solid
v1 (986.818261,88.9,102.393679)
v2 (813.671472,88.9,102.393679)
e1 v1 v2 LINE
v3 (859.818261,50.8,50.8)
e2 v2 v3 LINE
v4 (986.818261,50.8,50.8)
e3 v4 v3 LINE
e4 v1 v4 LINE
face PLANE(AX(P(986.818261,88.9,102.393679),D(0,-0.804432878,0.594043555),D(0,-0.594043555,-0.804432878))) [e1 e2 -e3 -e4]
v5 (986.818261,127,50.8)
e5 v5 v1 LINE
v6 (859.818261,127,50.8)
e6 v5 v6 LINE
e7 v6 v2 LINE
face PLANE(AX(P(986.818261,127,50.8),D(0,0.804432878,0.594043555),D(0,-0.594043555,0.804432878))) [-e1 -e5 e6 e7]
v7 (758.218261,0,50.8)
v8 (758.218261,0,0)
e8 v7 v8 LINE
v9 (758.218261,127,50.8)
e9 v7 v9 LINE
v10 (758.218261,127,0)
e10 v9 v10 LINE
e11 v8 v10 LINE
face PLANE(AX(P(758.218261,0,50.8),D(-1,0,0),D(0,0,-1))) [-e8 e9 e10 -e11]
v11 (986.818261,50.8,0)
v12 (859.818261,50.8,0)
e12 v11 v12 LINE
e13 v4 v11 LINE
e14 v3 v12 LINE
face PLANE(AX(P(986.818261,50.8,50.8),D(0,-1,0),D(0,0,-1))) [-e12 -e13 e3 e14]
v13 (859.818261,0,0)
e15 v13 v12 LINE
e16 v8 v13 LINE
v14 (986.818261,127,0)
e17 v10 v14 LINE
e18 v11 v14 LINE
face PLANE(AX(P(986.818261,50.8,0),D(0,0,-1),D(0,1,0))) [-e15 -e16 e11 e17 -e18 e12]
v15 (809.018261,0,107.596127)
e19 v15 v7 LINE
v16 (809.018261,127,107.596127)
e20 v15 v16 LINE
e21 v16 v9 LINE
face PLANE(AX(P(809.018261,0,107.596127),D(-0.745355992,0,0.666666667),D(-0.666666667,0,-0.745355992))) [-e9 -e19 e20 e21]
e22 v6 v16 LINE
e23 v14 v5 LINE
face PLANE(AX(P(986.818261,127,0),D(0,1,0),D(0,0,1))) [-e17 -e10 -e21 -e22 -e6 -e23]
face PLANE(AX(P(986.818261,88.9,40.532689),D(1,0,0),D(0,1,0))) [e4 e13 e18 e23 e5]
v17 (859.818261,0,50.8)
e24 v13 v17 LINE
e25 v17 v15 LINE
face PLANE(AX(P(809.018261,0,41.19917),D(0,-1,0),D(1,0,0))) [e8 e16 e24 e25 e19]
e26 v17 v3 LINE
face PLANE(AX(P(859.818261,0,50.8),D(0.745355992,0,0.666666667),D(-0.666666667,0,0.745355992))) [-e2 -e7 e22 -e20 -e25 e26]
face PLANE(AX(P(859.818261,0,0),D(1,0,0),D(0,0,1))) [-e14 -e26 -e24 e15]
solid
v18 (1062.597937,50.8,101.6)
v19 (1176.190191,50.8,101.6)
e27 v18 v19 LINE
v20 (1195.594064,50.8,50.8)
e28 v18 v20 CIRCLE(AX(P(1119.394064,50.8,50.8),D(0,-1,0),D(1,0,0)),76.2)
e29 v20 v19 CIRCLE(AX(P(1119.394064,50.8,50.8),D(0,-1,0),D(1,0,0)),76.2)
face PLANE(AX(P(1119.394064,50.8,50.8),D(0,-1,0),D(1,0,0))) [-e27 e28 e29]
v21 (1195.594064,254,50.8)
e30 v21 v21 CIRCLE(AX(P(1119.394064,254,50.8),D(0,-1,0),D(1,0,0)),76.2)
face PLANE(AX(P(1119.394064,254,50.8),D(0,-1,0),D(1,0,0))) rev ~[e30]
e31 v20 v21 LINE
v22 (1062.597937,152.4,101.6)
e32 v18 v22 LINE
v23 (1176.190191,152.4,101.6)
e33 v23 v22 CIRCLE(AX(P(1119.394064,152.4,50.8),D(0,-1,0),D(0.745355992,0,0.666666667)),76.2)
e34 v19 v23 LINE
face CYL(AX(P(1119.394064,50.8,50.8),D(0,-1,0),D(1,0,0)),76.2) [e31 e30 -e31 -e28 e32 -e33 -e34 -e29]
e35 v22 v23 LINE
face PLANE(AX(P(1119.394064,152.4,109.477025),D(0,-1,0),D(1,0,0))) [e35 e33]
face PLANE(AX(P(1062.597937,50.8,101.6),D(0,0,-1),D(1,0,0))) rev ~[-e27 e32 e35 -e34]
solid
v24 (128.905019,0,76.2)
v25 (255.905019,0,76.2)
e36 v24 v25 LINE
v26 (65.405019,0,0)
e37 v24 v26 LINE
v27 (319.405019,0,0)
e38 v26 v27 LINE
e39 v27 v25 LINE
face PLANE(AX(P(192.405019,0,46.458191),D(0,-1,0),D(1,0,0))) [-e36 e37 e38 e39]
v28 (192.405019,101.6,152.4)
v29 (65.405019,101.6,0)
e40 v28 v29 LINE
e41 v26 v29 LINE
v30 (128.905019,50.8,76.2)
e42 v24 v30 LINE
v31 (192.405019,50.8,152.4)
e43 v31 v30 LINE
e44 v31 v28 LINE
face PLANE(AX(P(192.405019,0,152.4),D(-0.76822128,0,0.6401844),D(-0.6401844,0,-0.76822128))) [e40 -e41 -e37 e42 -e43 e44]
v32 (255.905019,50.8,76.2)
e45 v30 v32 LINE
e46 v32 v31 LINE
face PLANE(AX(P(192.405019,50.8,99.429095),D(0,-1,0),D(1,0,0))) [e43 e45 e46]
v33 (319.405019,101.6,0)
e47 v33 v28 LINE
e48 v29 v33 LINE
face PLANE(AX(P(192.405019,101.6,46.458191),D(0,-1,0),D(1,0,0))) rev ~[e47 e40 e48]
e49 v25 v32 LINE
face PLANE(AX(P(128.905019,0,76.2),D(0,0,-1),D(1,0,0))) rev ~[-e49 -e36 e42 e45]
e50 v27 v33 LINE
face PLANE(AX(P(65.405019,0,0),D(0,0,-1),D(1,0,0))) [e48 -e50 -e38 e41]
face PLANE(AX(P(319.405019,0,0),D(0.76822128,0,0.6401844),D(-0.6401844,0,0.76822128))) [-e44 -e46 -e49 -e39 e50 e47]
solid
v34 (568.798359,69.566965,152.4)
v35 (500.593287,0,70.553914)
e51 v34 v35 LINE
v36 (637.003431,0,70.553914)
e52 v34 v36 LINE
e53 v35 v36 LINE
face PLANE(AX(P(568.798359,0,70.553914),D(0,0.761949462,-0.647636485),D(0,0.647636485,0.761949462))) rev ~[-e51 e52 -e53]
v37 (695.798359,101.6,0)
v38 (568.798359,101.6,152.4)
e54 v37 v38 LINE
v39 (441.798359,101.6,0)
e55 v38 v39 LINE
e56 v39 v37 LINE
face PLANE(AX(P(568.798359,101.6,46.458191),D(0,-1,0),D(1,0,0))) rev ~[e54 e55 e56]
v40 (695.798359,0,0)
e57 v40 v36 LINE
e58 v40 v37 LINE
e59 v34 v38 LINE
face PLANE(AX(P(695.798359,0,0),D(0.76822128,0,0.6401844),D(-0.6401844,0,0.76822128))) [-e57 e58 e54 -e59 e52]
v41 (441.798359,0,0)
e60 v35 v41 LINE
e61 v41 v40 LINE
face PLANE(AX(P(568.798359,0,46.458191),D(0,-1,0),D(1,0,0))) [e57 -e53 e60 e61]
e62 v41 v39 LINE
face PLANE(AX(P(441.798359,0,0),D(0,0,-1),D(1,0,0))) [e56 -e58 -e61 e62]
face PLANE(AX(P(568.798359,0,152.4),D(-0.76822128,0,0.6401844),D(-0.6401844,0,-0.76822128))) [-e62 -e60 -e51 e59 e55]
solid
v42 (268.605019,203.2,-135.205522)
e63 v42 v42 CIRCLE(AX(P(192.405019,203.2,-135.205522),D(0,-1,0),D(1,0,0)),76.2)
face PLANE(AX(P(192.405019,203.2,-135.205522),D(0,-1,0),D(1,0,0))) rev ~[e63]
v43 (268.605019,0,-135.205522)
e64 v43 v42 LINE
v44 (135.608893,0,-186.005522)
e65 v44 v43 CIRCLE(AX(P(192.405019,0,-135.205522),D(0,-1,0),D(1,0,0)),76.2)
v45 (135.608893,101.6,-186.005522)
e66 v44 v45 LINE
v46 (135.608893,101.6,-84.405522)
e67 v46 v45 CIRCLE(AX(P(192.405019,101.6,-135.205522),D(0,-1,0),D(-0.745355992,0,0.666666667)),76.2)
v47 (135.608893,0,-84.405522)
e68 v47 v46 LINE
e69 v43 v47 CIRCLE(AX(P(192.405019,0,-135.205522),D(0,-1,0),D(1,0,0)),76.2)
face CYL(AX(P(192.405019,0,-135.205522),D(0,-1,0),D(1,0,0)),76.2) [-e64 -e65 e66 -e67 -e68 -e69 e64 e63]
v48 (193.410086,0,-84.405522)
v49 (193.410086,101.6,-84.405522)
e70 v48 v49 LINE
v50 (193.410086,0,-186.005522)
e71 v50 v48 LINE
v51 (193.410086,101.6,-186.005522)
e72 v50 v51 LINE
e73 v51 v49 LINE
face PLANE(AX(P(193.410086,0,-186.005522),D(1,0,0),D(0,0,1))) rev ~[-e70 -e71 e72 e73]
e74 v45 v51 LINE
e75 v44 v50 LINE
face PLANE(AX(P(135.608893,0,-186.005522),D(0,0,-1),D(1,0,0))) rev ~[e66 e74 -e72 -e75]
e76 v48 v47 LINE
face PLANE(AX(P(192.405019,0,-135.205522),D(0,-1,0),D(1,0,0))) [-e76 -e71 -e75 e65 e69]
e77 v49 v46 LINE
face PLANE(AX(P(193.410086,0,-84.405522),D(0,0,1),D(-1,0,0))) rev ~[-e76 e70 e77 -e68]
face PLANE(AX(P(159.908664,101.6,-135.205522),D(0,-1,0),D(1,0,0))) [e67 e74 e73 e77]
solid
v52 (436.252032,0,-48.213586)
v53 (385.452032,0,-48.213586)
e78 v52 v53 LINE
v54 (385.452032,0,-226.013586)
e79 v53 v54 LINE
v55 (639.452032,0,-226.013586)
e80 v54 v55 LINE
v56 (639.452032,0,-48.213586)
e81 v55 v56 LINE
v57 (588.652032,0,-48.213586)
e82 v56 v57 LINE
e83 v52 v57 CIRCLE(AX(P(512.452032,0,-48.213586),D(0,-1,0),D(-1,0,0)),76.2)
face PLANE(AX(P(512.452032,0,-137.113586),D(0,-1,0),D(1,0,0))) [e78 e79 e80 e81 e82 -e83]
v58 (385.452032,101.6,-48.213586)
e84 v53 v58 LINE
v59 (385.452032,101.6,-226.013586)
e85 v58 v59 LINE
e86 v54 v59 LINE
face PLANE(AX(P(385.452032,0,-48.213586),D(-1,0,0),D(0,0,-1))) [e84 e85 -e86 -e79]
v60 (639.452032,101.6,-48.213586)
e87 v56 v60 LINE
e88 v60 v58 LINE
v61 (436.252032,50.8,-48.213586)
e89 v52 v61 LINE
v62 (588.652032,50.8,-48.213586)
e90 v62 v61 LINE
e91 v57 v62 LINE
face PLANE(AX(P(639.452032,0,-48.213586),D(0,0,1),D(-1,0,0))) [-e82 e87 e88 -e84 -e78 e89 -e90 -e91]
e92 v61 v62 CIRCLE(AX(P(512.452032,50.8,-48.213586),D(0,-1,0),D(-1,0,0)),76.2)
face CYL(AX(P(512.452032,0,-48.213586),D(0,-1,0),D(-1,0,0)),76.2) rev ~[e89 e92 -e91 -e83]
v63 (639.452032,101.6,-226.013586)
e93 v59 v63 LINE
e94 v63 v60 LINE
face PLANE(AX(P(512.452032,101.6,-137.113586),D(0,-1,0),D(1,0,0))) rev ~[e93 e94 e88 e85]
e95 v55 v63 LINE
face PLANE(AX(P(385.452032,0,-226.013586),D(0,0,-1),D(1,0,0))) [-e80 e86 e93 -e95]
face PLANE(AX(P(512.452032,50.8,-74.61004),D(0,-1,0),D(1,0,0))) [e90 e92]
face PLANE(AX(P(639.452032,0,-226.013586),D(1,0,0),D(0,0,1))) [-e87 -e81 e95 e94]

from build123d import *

# Parameters (mm, degrees)
F1_DEPTH      = 101.6
F3_DEPTH      = 50.8
F5_DEPTH      = 101.6
F9_DEPTH      = 139.7
F9_DEPTH_BACK = 181.864
F11_DEPTH     = 127
F14_DEPTH     = 175.26
F15_R         = 76.2
F16_DEPTH     = 203.2
F18_DEPTH     = 101.6
F19_R         = 76.2
F20_DEPTH     = 203.2
F22_DEPTH     = 101.6
F24_DEPTH     = 101.6
F26_DEPTH     = 50.8


with BuildPart() as f1:
    # F0 (on Front) → F1 (new body)
    with BuildSketch(Plane.XZ):
        Polygon((192.4050192833, 152.4), (65.4050192833, 0), (319.4050192833, 0), align=None)
    extrude(amount=-F1_DEPTH)

    # F2 (on face) → F3 (cut)
    with BuildSketch(Plane.XZ):
        Polygon((192.4050192833, 152.4), (128.9050192833, 76.2), (255.9050192833, 76.2), align=None)
    extrude(amount=-F3_DEPTH, mode=Mode.SUBTRACT)


with BuildPart() as f5:
    # F4 (on face) → F5 (new body)
    with BuildSketch(Plane.XZ):
        Polygon((568.7983591557, 152.4), (441.7983591557, 0), (695.7983591557, 0), align=None)
    extrude(amount=-F5_DEPTH)

    # F8 (on 3pt) → F9 (cut, two sides)
    with BuildSketch(Plane.YZ.offset(568.7983591557)) as f9_sk:
        Polygon((0, 152.4), (0, 70.5539137125), (69.5669651031, 152.4), align=None)
    extrude(amount=-F9_DEPTH, mode=Mode.SUBTRACT)
    extrude(f9_sk.sketch, amount=F9_DEPTH_BACK, mode=Mode.SUBTRACT)


with BuildPart() as f11:
    # F10 (on face) → F11 (new body)
    with BuildSketch(Plane.XZ):
        Polygon((758.2182611698, 50.8), (758.2182611698, 0), (859.8182611698, 0), (859.8182611698, 50.8), (814.381359867, 101.6), (809.0182611698, 107.5961266285), align=None)
    extrude(amount=-F11_DEPTH)

    # F13 (on offset) → F14 (join)
    with BuildSketch(Plane.YZ.offset(986.8182611698)):
        Polygon((50.8, 50.8), (50.8, 0), (127, 0), (127, 50.8), (88.9, 102.3936793208), align=None)
    extrude(amount=-F14_DEPTH)


with BuildPart() as f16:
    # F15 (on face) → F16 (new body)
    with BuildSketch(Plane.XZ.offset(-50.8)):
        with Locations((1119.3940639496, 50.8)):
            Circle(F15_R)
    extrude(amount=-F16_DEPTH)

    # F17 (on face) → F18 (cut)
    with BuildSketch(Plane.XZ.offset(-50.8)):
        with BuildLine():
            ThreePointArc((1176.1901905781, 101.6), (1119.3940639496, 127), (1062.5979373211, 101.6))
            Line((1062.5979373211, 101.6), (1176.1901905781, 101.6))
        make_face()
    extrude(amount=-F18_DEPTH, mode=Mode.SUBTRACT)


with BuildPart() as f20:
    # F19 (on face) → F20 (new body)
    with BuildSketch(Plane.XZ):
        with Locations((192.4050192833, -135.2055221796)):
            Circle(F19_R)
    extrude(amount=-F20_DEPTH)

    # F21 (on face) → F22 (cut)
    with BuildSketch(Plane.XZ):
        with BuildLine():
            Line((193.4100860932, -84.4055221796), (135.6088926548, -84.4055221796))
            ThreePointArc((135.6088926548, -84.4055221796), (116.2050192833, -135.2055221796), (135.6088926548, -186.0055221796))
            Line((135.6088926548, -186.0055221796), (193.4100860932, -186.0055221796))
            Line((193.4100860932, -186.0055221796), (193.4100860932, -84.4055221796))
        make_face()
    extrude(amount=-F22_DEPTH, mode=Mode.SUBTRACT)


with BuildPart() as f24:
    # F23 (on face) → F24 (new body)
    with BuildSketch(Plane.XZ):
        Polygon((385.4520320892, -48.2135859251), (385.4520320892, -226.0135859251), (639.4520320892, -226.0135859251), (639.4520320892, -48.2135859251), (588.6520320892, -48.2135859251), (436.2520320892, -48.2135859251), align=None)
    extrude(amount=-F24_DEPTH)

    # F25 (on face) → F26 (cut)
    with BuildSketch(Plane.XZ):
        with BuildLine():
            Line((588.6520320892, -48.2135859251), (436.2520320892, -48.2135859251))
            ThreePointArc((436.2520320892, -48.2135859251), (512.4520320892, -124.4135859251), (588.6520320892, -48.2135859251))
        make_face()
    extrude(amount=-F26_DEPTH, mode=Mode.SUBTRACT)


solid = Compound([f1.part, f5.part, f11.part, f16.part, f20.part, f24.part])
